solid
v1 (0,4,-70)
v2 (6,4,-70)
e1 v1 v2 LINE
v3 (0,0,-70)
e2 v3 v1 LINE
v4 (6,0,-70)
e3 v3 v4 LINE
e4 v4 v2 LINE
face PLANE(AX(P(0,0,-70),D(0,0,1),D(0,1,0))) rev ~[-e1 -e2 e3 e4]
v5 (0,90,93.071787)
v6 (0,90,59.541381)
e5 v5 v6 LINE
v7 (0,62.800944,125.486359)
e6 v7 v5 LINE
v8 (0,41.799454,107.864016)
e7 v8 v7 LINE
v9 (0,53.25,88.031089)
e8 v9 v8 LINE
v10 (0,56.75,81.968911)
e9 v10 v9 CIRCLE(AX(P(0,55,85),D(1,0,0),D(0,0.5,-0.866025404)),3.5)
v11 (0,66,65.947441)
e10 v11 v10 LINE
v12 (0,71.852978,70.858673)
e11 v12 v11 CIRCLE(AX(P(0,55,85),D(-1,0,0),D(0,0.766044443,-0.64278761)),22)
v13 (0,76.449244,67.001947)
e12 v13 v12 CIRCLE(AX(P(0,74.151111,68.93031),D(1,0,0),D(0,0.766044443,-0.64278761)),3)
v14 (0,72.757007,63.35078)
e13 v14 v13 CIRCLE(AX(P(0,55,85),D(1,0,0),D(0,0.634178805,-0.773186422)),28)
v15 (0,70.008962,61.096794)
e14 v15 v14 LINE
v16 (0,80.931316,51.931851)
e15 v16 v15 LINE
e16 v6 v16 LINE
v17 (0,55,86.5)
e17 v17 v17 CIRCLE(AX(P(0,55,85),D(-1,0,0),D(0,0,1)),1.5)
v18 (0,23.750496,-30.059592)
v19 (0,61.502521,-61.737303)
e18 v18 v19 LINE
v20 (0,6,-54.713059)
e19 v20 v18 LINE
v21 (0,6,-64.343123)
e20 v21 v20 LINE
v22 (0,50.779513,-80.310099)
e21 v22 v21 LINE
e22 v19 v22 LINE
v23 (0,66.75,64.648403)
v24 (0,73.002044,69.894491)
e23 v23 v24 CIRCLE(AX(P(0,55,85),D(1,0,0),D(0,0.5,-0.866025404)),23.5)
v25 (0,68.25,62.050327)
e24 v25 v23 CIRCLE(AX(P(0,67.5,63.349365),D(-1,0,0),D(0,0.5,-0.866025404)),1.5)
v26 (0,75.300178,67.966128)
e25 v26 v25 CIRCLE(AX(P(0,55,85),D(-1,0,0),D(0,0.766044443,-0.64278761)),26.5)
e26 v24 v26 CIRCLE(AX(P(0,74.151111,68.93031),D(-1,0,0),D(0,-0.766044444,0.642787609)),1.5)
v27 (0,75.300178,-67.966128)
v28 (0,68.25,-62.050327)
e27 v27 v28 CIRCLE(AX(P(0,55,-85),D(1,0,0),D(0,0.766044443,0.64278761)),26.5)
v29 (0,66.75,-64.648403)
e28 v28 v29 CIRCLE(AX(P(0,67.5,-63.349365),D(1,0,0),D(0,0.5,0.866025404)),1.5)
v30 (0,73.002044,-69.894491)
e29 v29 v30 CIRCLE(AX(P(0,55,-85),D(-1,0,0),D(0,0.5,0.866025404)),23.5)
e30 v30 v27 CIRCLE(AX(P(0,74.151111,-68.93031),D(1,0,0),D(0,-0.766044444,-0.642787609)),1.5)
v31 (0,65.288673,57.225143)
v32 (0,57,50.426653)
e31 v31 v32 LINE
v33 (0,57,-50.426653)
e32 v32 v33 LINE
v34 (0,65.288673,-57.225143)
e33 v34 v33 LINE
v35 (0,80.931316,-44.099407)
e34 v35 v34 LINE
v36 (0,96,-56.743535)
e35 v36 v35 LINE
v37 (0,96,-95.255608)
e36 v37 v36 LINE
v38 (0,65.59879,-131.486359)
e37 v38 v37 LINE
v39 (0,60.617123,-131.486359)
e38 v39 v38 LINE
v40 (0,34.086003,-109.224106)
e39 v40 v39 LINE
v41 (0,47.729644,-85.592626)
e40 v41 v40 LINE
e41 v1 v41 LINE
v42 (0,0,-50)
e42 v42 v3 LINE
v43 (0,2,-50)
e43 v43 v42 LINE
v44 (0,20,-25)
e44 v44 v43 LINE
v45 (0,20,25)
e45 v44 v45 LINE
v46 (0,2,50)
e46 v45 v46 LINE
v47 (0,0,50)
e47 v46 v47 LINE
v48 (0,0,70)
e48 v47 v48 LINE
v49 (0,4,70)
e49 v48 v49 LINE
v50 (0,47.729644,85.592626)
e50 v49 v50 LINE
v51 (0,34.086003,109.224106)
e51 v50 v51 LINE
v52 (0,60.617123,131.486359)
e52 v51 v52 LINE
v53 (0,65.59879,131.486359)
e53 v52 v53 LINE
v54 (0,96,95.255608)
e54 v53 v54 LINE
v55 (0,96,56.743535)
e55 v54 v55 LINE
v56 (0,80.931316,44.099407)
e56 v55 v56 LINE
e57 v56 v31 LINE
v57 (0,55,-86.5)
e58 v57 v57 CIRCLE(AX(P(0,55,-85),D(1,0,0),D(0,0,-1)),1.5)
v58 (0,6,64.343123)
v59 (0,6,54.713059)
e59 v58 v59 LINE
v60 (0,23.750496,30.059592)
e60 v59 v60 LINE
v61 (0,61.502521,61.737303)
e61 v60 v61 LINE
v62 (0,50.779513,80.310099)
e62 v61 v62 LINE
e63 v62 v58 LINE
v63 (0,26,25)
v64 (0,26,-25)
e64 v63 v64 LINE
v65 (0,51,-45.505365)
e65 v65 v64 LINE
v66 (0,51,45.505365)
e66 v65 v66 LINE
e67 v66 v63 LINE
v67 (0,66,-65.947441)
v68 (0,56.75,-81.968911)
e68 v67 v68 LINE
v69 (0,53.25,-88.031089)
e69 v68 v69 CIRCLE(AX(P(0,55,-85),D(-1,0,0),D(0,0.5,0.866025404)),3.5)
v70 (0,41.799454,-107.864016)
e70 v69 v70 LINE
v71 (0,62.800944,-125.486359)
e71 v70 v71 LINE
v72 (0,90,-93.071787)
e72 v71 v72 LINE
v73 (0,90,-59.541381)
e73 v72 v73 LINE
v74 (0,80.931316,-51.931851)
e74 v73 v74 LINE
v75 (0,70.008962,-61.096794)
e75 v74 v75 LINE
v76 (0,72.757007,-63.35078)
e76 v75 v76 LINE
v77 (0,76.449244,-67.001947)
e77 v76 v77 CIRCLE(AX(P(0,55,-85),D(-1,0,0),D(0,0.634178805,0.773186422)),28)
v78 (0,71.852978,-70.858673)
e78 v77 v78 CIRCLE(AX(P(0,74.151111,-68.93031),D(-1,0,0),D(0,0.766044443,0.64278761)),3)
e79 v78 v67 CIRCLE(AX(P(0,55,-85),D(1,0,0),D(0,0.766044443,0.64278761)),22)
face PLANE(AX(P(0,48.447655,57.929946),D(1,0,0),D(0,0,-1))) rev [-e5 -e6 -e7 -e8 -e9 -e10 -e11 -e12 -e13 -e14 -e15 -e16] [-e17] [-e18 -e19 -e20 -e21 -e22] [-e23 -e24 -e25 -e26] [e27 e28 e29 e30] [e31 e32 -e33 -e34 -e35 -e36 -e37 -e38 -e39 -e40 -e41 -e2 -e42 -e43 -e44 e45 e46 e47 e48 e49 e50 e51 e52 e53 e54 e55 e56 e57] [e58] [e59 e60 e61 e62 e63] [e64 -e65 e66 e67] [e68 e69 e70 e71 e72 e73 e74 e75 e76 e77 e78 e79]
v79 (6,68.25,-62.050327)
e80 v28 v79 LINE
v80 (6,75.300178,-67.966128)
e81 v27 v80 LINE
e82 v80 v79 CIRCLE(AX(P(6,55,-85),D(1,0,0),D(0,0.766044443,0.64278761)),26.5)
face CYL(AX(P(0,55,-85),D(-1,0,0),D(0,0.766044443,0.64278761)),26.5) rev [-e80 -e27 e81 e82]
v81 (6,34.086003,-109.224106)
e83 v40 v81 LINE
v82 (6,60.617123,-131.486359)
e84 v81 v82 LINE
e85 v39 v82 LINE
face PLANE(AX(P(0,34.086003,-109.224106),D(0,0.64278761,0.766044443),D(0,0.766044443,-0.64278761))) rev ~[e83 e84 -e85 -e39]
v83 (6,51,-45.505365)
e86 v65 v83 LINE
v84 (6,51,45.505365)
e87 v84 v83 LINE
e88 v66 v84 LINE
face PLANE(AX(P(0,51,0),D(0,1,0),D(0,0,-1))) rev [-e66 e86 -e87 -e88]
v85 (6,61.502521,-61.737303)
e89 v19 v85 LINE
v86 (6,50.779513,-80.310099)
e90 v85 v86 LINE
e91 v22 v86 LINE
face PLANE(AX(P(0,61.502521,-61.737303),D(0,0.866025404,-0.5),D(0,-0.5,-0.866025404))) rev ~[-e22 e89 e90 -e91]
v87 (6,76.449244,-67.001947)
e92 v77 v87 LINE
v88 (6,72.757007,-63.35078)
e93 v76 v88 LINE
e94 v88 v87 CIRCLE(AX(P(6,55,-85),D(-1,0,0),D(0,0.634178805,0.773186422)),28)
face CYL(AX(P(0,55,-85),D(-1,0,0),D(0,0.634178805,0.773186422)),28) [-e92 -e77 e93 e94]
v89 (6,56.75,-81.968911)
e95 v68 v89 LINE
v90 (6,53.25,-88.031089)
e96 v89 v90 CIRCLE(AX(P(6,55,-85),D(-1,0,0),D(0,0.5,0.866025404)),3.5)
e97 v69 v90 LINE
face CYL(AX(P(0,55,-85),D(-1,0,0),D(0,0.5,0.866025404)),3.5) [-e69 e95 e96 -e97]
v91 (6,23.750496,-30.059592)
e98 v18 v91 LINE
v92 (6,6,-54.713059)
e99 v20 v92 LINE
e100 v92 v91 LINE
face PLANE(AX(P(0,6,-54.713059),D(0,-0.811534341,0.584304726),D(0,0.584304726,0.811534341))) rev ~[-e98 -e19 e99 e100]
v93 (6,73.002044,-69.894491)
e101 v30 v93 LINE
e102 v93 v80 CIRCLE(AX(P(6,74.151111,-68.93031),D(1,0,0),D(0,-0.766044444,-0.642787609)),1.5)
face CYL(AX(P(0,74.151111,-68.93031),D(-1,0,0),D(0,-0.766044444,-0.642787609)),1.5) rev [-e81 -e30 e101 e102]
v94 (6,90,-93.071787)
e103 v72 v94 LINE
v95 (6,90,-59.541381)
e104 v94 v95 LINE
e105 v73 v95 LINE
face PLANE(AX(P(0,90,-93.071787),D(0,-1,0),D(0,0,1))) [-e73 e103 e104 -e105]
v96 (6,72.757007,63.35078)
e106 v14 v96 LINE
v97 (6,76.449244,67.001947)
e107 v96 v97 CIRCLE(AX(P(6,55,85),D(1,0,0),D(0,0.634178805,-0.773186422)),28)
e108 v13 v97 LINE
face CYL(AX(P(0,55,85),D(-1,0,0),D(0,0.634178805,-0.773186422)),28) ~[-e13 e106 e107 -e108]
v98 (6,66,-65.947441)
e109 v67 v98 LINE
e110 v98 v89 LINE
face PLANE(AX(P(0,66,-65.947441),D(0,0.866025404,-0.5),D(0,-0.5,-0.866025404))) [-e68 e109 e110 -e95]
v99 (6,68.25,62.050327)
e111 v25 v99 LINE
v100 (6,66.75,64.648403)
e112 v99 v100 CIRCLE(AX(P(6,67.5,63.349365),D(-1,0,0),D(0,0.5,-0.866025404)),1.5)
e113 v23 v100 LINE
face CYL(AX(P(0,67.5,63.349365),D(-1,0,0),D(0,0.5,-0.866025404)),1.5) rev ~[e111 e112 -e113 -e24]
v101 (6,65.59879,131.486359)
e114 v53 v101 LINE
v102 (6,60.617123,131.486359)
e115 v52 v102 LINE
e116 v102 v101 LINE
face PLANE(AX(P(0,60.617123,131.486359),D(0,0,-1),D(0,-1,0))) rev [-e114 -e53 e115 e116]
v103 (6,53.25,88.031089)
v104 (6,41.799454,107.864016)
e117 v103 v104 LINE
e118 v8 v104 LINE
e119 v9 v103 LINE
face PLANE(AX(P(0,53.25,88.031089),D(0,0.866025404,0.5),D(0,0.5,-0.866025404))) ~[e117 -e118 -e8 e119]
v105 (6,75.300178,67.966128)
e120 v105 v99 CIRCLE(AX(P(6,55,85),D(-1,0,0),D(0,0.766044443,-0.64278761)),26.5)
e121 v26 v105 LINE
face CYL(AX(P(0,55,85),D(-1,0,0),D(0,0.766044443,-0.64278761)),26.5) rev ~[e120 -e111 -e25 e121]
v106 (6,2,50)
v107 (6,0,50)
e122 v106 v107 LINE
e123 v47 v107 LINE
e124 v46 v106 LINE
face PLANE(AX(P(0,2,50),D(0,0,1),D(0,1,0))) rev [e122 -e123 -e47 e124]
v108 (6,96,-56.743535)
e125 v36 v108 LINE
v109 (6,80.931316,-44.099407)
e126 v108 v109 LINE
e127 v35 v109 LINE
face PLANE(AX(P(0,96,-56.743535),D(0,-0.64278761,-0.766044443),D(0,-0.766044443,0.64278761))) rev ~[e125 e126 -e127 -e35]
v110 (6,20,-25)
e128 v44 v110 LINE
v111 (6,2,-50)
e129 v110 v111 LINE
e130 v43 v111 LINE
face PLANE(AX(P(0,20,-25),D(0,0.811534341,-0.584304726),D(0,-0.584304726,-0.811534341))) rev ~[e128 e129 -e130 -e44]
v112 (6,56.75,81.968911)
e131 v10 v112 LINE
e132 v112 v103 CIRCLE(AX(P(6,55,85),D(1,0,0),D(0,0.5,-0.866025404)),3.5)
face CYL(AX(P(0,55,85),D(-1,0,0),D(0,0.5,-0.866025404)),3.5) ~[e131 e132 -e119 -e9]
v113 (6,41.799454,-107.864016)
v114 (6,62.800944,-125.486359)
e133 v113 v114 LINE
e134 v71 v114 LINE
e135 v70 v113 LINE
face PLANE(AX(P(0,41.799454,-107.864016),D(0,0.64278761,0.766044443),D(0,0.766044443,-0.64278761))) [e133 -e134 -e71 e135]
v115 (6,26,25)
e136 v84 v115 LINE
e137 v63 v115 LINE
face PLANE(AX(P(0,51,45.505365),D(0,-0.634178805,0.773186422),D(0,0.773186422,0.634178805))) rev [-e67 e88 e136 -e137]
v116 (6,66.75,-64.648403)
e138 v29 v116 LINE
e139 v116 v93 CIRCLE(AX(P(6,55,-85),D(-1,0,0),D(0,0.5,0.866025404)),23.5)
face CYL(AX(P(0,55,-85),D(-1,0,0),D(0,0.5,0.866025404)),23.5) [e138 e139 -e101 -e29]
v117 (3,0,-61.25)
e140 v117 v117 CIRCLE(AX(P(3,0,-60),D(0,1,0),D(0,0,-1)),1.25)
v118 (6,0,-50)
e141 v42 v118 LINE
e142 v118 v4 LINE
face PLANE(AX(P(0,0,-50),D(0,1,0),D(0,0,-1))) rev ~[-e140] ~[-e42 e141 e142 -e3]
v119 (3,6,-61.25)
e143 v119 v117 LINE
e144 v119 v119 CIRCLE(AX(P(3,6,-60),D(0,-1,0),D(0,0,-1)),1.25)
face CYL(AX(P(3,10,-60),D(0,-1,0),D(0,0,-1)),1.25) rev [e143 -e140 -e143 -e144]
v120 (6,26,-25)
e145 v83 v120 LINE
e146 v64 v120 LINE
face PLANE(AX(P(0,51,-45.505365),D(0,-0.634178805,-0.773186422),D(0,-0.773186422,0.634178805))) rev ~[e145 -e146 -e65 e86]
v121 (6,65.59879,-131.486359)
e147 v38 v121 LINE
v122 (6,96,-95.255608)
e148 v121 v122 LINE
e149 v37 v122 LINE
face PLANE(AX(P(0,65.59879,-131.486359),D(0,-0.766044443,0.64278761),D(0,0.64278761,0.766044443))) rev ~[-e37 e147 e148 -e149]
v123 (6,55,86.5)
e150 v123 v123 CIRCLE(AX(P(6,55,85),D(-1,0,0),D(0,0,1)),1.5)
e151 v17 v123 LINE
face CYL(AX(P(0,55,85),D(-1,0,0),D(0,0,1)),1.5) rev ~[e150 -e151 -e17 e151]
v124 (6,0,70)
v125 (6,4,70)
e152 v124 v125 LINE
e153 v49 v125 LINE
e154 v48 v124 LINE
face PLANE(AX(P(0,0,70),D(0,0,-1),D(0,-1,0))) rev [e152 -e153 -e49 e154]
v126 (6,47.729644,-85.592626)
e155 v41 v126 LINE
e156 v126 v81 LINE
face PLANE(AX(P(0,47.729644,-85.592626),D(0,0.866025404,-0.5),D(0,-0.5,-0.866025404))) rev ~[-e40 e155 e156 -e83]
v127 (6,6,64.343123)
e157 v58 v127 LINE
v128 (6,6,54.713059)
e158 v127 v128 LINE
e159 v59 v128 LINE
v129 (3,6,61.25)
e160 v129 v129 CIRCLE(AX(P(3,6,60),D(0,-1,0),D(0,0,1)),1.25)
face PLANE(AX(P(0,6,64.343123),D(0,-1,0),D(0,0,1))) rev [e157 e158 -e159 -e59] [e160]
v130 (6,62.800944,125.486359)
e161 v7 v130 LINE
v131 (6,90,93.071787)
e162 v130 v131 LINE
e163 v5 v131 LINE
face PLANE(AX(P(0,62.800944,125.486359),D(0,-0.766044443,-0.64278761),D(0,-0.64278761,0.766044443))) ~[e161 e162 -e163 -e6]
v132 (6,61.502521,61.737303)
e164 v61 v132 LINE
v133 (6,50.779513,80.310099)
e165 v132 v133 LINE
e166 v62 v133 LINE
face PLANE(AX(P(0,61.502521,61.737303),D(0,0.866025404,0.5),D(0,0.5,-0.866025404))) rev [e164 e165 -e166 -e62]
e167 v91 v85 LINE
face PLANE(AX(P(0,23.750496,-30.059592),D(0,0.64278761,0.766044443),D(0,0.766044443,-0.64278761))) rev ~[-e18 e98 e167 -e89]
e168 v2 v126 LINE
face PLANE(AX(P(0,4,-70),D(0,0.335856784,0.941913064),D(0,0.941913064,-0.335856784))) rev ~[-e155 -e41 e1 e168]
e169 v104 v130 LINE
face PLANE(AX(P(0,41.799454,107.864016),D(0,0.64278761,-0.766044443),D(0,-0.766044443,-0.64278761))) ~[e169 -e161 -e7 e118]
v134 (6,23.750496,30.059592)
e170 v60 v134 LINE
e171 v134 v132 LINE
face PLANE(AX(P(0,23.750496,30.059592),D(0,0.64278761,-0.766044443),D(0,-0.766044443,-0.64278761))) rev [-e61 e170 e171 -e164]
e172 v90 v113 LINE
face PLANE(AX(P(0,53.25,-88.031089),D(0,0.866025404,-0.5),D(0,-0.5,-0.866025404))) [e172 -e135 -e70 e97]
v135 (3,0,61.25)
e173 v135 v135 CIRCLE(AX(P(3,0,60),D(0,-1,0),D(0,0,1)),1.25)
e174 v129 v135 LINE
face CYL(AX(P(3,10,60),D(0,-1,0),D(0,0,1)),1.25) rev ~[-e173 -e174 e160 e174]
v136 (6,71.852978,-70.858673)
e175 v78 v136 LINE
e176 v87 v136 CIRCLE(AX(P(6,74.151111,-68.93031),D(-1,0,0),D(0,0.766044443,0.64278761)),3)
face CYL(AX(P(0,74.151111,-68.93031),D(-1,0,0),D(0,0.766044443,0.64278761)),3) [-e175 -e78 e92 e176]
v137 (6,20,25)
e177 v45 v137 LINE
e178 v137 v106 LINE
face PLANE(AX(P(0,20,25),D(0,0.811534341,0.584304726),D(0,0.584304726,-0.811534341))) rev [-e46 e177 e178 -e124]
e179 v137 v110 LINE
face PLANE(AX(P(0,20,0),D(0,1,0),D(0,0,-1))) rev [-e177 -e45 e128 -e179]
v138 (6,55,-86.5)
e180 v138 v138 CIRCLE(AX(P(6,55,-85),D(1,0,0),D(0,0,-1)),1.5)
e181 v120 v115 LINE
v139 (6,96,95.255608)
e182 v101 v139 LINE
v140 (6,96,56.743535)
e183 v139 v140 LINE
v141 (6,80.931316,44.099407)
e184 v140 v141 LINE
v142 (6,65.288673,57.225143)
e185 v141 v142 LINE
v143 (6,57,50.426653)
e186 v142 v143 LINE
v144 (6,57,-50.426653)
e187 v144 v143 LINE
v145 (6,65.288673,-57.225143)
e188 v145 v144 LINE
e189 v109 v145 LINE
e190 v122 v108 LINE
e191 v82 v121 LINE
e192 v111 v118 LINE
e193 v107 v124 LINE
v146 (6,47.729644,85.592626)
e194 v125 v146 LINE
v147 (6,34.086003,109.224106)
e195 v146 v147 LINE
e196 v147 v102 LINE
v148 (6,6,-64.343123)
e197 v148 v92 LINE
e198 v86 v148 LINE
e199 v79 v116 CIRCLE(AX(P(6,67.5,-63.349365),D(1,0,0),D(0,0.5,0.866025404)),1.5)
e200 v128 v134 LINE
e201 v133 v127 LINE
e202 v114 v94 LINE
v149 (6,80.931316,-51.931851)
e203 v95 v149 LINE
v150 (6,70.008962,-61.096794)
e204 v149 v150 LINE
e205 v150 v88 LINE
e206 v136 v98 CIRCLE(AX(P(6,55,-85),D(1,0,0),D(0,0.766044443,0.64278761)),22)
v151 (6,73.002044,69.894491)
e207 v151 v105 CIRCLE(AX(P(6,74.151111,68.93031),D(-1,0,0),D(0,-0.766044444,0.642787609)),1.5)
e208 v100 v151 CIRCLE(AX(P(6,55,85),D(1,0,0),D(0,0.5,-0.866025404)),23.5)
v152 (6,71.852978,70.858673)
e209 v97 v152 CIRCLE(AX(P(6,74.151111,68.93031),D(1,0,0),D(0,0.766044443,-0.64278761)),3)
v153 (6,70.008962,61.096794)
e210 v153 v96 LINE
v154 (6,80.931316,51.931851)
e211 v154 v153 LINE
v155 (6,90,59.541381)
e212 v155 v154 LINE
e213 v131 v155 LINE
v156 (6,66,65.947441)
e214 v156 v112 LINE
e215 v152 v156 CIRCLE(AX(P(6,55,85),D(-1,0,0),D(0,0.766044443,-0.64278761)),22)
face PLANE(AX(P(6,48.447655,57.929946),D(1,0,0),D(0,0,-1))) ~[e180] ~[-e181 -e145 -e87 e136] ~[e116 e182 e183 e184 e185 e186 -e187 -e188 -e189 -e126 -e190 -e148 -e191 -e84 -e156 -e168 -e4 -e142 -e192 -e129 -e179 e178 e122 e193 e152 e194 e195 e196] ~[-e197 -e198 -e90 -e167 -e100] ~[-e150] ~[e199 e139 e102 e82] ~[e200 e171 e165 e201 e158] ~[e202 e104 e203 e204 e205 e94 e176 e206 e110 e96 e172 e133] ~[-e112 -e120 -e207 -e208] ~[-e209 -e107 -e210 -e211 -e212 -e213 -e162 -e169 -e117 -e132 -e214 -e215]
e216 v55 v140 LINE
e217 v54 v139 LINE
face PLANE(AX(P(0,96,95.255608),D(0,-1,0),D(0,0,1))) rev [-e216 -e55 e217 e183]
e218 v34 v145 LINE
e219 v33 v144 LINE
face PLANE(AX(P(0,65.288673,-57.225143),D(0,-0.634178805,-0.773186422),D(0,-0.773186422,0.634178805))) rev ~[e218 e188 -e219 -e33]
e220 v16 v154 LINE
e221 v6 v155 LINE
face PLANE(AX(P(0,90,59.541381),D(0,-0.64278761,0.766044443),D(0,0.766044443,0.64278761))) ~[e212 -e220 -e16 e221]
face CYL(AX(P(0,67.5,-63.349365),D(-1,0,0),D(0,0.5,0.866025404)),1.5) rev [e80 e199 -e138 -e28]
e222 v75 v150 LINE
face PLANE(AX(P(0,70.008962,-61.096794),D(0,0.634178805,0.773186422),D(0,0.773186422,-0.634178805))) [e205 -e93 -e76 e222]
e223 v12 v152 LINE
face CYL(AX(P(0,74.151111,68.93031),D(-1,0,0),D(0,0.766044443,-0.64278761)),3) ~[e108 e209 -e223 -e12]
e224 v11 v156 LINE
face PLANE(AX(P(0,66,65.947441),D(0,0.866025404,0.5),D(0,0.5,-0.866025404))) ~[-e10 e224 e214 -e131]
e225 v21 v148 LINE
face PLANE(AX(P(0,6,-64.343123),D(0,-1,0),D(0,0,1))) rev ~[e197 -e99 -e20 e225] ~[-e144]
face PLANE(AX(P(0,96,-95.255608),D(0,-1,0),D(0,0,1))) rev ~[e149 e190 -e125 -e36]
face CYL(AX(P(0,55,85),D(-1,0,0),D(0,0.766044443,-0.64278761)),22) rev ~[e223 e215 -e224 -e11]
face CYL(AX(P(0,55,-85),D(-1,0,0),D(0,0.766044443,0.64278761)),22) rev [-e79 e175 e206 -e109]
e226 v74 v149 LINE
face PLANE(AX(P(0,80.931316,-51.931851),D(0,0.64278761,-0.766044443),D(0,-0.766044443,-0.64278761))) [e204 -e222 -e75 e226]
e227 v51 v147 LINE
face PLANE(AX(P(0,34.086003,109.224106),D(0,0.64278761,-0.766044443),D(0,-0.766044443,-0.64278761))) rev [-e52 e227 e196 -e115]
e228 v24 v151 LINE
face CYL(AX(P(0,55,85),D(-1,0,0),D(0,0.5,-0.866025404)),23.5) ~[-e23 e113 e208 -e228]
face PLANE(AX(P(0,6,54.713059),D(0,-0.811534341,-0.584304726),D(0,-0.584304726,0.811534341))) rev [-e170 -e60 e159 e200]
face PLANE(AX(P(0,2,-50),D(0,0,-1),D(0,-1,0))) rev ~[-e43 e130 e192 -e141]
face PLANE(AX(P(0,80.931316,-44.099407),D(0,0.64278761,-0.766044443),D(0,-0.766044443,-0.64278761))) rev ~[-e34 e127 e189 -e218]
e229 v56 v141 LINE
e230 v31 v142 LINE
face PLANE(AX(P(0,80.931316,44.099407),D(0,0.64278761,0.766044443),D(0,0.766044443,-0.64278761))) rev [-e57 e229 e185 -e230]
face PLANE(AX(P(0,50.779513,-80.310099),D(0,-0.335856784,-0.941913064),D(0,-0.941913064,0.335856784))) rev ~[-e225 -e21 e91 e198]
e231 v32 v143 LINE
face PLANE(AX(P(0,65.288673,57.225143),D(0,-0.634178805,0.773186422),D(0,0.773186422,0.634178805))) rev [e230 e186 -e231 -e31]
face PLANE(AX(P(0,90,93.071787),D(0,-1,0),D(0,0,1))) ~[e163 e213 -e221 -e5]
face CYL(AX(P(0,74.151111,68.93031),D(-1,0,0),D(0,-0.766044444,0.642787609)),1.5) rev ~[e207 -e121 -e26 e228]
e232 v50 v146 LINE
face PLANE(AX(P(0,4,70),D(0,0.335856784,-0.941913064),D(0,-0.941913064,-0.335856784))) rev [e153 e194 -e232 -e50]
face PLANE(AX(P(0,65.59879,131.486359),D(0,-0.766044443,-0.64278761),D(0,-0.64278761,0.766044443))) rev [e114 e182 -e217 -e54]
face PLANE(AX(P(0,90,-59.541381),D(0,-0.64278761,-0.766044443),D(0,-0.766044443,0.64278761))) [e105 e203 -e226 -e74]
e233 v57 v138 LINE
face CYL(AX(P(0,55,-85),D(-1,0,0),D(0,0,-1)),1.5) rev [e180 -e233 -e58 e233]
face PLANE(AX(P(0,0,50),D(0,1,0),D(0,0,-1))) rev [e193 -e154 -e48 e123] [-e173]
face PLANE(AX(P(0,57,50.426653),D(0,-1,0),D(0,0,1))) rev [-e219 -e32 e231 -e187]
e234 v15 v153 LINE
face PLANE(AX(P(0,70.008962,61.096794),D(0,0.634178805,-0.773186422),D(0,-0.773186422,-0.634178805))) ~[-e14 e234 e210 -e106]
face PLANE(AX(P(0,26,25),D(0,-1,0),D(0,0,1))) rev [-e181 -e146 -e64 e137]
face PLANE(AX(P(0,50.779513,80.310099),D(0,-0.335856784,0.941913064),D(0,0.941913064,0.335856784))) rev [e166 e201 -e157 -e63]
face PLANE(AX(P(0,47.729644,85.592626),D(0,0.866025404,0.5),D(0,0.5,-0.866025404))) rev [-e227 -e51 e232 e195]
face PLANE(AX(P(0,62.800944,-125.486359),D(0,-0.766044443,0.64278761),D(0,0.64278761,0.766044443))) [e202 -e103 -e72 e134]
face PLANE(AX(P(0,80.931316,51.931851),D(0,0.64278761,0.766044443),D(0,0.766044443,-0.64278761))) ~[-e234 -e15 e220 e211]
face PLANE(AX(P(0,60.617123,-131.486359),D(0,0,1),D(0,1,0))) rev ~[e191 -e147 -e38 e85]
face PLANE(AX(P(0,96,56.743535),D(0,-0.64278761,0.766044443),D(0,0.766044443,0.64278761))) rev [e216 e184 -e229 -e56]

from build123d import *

# Parameters (mm, degrees)
SKETCH1_R           = 1.5
BOSS_EXTRUDE1_DEPTH = 6


with BuildPart() as part:
    # Sketch1 → Boss-Extrude1 (new body)
    with BuildSketch(Plane(origin=(0, 0, 0), x_dir=(0, 0, -1), z_dir=(1, 0, 0))):
        Polygon((50, 0), (70, 0), (70, 4), (85.592625509, 47.729644272), (109.224105862, 34.086002729), (131.486359031, 60.617122922), (131.486359031, 65.598790277), (95.255608124, 96), (56.74353499, 96), (44.099407436, 80.931315562), (57.225143451, 65.28867251), (50.426653107, 57), (0, 57), (0, 51), (45.505365409, 51), (25, 26), (0, 26), (0, 20), (25, 20), (50, 2), align=None)
        with Locations((85, 55)):
            Circle(SKETCH1_R, mode=Mode.SUBTRACT)
        Polygon((30.059592338, 23.750495981), (61.737302817, 61.50252125), (80.310098668, 50.779512566), (64.343122912, 6), (54.713058978, 6), align=None, mode=Mode.SUBTRACT)
        with BuildLine():
            Line((59.541380939, 90), (51.931851172, 80.931315562))
            Line((51.931851172, 80.931315562), (61.09679395, 70.00896208))
            Line((61.09679395, 70.00896208), (63.350780176, 72.757006533))
            ThreePointArc((63.350780176, 72.757006533), (65.090587223, 74.687947655), (67.001946929, 76.449244407))
            ThreePointArc((67.001946929, 76.449244407), (71.228443087, 76.079473907), (70.858672587, 71.852977749))
            ThreePointArc((70.858672587, 71.852977749), (68.147022251, 69.141327413), (65.947441117, 66))
            Line((65.947441117, 66), (81.968911087, 56.75))
            ThreePointArc((81.968911087, 56.75), (86.75, 58.031088913), (88.031088913, 53.25))
            Line((88.031088913, 53.25), (107.864016281, 41.799454045))
            Line((107.864016281, 41.799454045), (125.486359031, 62.800944328))
            Line((125.486359031, 62.800944328), (93.071786719, 90))
            Line((93.071786719, 90), (59.541380939, 90))
        make_face(mode=Mode.SUBTRACT)
        with BuildLine():
            ThreePointArc((67.966128343, 75.300177743), (64.699822257, 72.033871657), (62.0503268, 68.25))
            ThreePointArc((62.0503268, 68.25), (62.599364905, 66.200961894), (64.648403011, 66.75))
            ThreePointArc((64.648403011, 66.75), (66.997955587, 70.105508828), (69.894491172, 73.002044413))
            ThreePointArc((69.894491172, 73.002044413), (70.079376423, 75.115292493), (67.966128343, 75.300177743))
        make_face(mode=Mode.SUBTRACT)
    boss_extrude1 = extrude(amount=BOSS_EXTRUDE1_DEPTH)

    # Sketch2 → Tap Drill for M3 Tap1 (revolve, cut)
    with BuildSketch(Plane(origin=(3, 0, -60), x_dir=(0, 0, -1), z_dir=(1, 0, 0))):
        Polygon((0, 0), (0, 10.751075774), (1.25, 10), (1.25, 0), align=None)
    tap_drill_for_m3_tap1 = revolve(axis=Axis((3, -6.35, -60), (0, 1, 0)), mode=Mode.SUBTRACT)

    # Mirror1: Boss-Extrude1, Tap Drill for M3 Tap1 across plane
    add(boss_extrude1.mirror(Plane.XY))
    add(tap_drill_for_m3_tap1.mirror(Plane.XY), mode=Mode.SUBTRACT)


solid = part.part
